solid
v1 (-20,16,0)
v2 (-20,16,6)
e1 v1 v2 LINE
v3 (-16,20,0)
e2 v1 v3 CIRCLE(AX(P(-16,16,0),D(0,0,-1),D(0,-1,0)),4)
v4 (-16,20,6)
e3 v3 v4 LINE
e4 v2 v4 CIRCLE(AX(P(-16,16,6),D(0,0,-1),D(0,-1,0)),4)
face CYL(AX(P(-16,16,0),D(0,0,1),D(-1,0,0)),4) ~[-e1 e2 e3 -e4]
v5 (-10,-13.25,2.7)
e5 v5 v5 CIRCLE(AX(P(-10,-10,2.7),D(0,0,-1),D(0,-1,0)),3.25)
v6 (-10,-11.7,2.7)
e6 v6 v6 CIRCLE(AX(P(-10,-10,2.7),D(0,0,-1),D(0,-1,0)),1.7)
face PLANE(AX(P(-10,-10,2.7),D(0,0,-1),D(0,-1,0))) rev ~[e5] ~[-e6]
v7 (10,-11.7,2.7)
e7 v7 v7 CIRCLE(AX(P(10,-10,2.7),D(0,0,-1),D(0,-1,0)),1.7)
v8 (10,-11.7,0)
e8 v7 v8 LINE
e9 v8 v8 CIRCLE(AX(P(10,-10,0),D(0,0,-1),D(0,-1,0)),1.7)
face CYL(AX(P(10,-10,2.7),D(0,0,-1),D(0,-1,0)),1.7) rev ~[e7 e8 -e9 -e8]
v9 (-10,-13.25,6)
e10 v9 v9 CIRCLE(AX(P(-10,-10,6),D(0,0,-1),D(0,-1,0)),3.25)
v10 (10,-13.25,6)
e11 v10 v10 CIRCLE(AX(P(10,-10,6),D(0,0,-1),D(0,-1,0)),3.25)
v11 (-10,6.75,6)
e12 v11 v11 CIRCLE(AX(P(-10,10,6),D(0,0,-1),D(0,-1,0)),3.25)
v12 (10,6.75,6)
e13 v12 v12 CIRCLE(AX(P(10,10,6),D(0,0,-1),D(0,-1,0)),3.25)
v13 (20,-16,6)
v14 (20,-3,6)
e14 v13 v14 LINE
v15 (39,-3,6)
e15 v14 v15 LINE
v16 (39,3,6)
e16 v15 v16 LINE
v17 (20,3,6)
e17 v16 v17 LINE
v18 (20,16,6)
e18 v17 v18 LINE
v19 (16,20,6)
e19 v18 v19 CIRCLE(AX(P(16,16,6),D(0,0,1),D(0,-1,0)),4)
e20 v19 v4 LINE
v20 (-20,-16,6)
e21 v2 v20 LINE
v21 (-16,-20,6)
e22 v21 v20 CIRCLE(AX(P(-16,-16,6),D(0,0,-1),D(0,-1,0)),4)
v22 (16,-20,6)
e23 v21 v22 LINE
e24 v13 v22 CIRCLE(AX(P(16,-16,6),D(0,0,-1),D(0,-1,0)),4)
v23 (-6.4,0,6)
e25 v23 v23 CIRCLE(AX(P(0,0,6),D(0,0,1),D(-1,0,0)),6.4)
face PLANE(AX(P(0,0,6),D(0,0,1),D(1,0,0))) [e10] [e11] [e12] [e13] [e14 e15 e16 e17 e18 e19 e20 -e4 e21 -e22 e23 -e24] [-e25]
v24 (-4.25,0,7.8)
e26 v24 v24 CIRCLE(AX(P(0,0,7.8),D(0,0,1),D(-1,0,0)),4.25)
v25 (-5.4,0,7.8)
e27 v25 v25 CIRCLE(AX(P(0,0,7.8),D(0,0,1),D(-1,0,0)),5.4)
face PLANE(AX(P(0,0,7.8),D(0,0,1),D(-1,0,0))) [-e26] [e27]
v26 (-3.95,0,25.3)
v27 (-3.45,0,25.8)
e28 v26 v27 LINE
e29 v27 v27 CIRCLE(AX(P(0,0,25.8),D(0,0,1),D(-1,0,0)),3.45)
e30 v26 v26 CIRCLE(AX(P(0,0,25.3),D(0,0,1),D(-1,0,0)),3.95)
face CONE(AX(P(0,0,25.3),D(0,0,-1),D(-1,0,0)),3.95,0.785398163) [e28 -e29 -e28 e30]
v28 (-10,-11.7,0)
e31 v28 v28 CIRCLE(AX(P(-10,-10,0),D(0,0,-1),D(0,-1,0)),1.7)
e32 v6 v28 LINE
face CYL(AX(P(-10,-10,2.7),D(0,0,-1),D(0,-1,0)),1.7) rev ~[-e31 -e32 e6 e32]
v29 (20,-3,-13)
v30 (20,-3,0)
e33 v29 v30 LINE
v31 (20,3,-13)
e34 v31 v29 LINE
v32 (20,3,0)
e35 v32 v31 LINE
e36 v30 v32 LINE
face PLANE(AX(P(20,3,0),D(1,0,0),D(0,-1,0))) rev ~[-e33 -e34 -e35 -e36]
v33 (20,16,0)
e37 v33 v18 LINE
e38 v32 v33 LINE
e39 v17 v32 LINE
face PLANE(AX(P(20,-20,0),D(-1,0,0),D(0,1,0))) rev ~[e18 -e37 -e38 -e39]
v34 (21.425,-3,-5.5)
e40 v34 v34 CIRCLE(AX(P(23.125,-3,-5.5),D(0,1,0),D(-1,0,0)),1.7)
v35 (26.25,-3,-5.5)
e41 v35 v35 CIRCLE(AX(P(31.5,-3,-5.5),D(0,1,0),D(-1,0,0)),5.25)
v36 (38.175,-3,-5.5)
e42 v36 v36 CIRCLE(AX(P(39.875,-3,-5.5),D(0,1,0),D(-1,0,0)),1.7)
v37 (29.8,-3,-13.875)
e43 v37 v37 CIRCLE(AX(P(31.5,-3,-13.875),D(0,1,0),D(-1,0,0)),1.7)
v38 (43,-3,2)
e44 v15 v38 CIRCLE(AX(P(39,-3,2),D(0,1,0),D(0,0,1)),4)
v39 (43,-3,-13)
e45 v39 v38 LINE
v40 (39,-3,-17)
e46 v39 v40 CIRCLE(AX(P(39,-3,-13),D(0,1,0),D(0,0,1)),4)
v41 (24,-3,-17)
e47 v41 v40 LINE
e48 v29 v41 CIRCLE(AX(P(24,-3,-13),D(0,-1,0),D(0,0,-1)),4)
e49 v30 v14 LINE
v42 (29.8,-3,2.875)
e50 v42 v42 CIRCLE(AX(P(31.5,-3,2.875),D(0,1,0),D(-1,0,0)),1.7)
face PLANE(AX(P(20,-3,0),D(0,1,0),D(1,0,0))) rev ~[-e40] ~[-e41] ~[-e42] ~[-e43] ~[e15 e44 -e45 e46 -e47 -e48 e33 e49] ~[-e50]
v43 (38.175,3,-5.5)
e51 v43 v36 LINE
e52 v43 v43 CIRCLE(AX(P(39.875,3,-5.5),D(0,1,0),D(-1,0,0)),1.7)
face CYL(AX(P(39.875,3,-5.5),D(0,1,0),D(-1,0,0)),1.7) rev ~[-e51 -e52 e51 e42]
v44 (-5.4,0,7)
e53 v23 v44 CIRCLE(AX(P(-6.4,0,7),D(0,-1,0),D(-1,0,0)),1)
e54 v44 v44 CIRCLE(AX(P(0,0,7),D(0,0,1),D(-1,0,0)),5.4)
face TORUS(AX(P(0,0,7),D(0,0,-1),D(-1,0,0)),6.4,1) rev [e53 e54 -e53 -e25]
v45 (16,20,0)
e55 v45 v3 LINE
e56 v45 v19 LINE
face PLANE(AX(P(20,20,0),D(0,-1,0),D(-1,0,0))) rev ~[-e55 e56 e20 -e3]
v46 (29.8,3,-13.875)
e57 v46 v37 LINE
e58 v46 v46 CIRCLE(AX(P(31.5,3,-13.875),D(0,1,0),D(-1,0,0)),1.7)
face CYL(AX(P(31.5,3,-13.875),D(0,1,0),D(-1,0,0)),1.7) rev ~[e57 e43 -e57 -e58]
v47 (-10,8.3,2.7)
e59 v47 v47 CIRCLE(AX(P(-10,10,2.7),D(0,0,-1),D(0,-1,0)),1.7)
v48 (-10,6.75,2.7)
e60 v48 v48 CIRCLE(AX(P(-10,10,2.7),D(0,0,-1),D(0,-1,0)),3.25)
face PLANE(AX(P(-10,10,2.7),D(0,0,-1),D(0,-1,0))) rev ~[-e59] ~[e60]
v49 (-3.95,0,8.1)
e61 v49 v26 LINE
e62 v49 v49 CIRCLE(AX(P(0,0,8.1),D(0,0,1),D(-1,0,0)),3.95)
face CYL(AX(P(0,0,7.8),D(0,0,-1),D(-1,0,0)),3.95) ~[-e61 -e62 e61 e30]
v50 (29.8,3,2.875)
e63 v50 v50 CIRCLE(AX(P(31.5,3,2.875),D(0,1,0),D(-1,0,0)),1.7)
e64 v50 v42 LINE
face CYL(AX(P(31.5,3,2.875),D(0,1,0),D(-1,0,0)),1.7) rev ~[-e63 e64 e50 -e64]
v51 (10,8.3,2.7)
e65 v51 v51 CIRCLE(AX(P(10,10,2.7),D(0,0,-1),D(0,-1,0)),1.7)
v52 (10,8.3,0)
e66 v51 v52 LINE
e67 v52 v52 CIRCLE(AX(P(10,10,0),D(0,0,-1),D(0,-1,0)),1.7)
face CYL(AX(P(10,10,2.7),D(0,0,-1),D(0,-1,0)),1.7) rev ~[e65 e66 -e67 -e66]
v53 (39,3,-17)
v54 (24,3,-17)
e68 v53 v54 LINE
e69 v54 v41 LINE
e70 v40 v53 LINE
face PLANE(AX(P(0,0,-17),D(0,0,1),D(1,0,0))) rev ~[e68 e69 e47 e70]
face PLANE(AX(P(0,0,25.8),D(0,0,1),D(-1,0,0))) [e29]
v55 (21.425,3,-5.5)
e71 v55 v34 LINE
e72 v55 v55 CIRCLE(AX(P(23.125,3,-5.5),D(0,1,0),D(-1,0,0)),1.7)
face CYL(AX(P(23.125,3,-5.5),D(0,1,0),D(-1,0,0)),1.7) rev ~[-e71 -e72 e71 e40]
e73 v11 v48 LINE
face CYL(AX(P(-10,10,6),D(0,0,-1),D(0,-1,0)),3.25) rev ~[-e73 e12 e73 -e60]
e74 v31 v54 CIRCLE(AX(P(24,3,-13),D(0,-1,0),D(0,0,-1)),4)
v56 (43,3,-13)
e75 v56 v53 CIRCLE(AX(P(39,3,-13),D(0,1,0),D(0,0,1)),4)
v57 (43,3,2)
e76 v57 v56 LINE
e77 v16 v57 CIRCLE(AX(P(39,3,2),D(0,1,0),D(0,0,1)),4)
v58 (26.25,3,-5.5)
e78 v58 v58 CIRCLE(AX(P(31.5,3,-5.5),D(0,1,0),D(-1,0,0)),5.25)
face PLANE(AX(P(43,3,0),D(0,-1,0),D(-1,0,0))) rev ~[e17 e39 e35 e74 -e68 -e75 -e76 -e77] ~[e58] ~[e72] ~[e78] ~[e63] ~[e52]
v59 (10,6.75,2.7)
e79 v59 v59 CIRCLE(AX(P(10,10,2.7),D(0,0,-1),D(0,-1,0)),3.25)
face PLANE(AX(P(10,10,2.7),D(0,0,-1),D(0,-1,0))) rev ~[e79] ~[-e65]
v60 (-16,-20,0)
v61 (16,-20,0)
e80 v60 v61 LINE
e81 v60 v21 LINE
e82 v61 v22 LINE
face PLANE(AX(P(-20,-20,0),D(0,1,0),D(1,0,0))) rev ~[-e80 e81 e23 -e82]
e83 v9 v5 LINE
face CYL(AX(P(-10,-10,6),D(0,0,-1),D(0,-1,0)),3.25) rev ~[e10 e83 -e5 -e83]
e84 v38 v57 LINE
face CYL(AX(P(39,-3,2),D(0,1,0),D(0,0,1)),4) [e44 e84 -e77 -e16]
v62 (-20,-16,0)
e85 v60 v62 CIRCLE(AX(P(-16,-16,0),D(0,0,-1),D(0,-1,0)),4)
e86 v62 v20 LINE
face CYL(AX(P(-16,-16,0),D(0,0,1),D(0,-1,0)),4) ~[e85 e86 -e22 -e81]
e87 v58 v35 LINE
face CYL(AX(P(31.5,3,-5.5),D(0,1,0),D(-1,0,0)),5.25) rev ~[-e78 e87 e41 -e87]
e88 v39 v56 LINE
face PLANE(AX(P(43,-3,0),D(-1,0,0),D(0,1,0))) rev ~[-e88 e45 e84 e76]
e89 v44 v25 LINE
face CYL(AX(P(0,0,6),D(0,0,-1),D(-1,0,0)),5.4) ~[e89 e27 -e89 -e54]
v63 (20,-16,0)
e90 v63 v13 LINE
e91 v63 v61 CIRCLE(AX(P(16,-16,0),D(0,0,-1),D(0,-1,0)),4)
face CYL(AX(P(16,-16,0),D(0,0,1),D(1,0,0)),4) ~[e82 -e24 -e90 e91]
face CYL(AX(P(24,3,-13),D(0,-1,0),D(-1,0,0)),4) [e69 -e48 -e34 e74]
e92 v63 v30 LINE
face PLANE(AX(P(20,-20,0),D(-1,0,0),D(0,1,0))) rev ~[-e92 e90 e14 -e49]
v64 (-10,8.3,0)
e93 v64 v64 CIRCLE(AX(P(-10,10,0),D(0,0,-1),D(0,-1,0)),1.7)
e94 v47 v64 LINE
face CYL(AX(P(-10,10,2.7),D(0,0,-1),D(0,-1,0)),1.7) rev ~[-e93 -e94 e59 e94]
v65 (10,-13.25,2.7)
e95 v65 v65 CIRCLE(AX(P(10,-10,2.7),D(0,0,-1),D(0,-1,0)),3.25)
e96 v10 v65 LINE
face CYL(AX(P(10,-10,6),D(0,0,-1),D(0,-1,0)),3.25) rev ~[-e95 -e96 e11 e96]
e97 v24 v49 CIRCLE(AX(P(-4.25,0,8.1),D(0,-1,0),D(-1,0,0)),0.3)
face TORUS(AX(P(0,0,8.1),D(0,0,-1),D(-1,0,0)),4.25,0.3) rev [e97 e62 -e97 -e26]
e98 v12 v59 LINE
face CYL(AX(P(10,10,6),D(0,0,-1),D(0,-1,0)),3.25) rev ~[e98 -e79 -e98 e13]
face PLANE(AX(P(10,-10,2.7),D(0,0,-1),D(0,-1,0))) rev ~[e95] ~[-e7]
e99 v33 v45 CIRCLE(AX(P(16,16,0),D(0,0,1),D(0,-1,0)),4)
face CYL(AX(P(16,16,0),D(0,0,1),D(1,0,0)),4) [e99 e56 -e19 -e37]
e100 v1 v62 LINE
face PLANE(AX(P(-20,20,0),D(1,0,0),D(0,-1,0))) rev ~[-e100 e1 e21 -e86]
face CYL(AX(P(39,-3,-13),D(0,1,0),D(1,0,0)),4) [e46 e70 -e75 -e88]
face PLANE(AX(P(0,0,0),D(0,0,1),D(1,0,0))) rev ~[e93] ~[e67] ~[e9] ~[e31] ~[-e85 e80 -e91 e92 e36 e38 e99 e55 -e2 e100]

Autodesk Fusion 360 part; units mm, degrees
sketch "草图1" plane through (0, 0, 0) normal (0, 0, 1) x (1, 0, 0)
  line L0 (20, 20) -> (-20, 20)
  line L1 (-20, 20) -> (-20, -20)
  line L2 (-20, -20) -> (20, -20)
  line L3 (20, -20) -> (20, 20)
  line L4 (20, 20) -> (-20, -20) construction
  line L5 (-20, 20) -> (20, -20) construction
  dimension "d25" = 40
  dimension "d26" = 40
extrude "拉伸1" add sketch "草图1" along normal blind 6
fillet "圆角1" radius 4 4 edges at (-20, -20, 3) (20, -20, 3) (20, 20, 3) (-20, 20, 3)
sketch "草图2" plane through (0, 0, 6) normal (0, 0, 1) x (-1, 0, 0)
  arc A0 (16, -20) -> (20, -16) centre (16, -16) ccw
  line L0 (20, -16) -> (20, 16)
  arc A1 (20, 16) -> (16, 20) centre (16, 16) ccw
  line L1 (16, 20) -> (-16, 20)
  arc A2 (-16, 20) -> (-20, 16) centre (-16, 16) ccw
  line L2 (-20, 16) -> (-20, -16)
  arc A3 (-20, -16) -> (-16, -20) centre (-16, -16) ccw
  line L3 (-16, -20) -> (16, -20)
  point P0 (-10, -10)
  dimension "d31" = 10
  dimension "d32" = 10
hole "孔1" at (10, 10, 6) direction (0, 0, -1) diameter 3.4 depth 15 tip angle 118 counterbore diameter 6.5 counterbore depth 3.3
pattern_linear "R-阵列1" count 2 spacing 20 along (-1, 0, 0) count 2 spacing 20 along (0, -1, 0) of "孔1"
sketch "草图3" plane through (0, 0, 6) normal (0, 0, 1) x (-1, 0, 0)
  circle A0 centre (10, 10) radius 3.25
  circle A1 centre (-10, 10) radius 3.25
  circle A2 centre (10, -10) radius 3.25
  circle A3 centre (-10, -10) radius 3.25
  arc A4 (16, -20) -> (20, -16) centre (16, -16) ccw
  line L0 (20, -16) -> (20, 16)
  arc A5 (20, 16) -> (16, 20) centre (16, 16) ccw
  line L1 (16, 20) -> (-16, 20)
  arc A6 (-16, 20) -> (-20, 16) centre (-16, 16) ccw
  line L2 (-20, 16) -> (-20, -16)
  arc A7 (-20, -16) -> (-16, -20) centre (-16, -16) ccw
  line L3 (-16, -20) -> (16, -20)
  circle A8 centre (0, 0) radius 5.4
  dimension "d42" = 10.8
extrude "拉伸2" add sketch "草图3" along normal blind 1.8 contours A8
fillet "圆角2" radius 1 1 edges at (5.0346, -1.9527, 6)
sketch "草图4" plane through (0, 0, 7.8) normal (0, 0, 1) x (-1, 0, 0)
  circle A0 centre (0, 0) radius 5.4
  circle A1 centre (0, 0) radius 3.95
  dimension "d47" = 7.9
extrude "拉伸3" add sketch "草图4" along normal blind 18 contours A1
fillet "圆角3" radius 0.3 1 edges at (3.6827, -1.4284, 7.8)
chamfer "倒角1" distance 0.5 angle 45 1 edges at (3.6827, 1.4284, 25.8)
sketch "草图5" plane through (0, 0, 0) normal (0, 1, 0) x (1, 0, 0)
sketch "草图6" plane through (0, 0, 0) normal (0, 0, 1) x (1, 0, 0)
  line L0 (20, -3) -> (43, -3)
  line L1 (43, -3) -> (43, 3)
  line L2 (43, 3) -> (20, 3)
  line L3 (20, 3) -> (20, -3)
extrude "拉伸4" add sketch "草图6" along normal blind 6 and the other way blind 17
sketch "草图7" plane through (0, 3, 0) normal (0, 1, 0) x (-1, 0, 0)
  line L0 (-20, 0) -> (-20, 6)
  line L1 (-20, 6) -> (-43, 6)
  line L2 (-43, 6) -> (-43, -17)
  line L3 (-43, -17) -> (-20, -17)
  line L4 (-20, -17) -> (-20, 0)
  circle A0 centre (-31.5, -5.5) radius 5.25
  line L5 (0, 20) -> (0, 2.5)
  dimension "d57" = 10.5
  dimension "d58" = 31.5
  dimension "d59" = 11.5
extrude "拉伸5" cut sketch "草图7" against normal blind 6 contours A0
sketch "草图8" plane through (0, 3, 0) normal (0, 1, 0) x (-1, 0, 0)
  circle A0 centre (-31.5, -5.5) radius 5.25
  line L0 (-20, 0) -> (-20, 6)
  line L1 (-20, 6) -> (-43, 6)
  line L2 (-43, 6) -> (-43, -17)
  line L3 (-43, -17) -> (-20, -17)
  line L4 (-20, -17) -> (-20, 0)
  circle A1 centre (-31.5, 2.875) radius 1.7
  circle A2 centre (-31.5, -13.875) radius 1.7
  circle A3 centre (-39.875, -5.5) radius 1.7
  circle A4 centre (-23.125, -5.5) radius 1.7
  dimension "d62" = 3.4
  dimension "d64" = 3.125
  dimension "d67" = 11.5
  dimension "d68" = 3.4
  dimension "d69" = 3.125
  dimension "d70" = 11.5
  dimension "d71" = 3.4
  dimension "d72" = 3.4
  dimension "d73" = 3.125
  dimension "d74" = 3.125
  dimension "d75" = 11.5
  dimension "d76" = 11.5
extrude "拉伸7" cut sketch "草图8" against normal blind 6 contours A1 | A2 | A3 | A4
fillet "圆角4" radius 4 3 edges at (43, 0, 6) (43, 0, -17) (20, 0, -17)
equation "Base_Length = 40 mm" comment "Base length"
equation "Base_Width = 40 mm" comment "Base width"
equation "Base_Thickness = 6 mm" comment "Base thickness"
equation "Base_Corner_Radius = 4 mm" comment "Base corner radius"
equation "Hole_Pitch_X = 20 mm" comment "M3 hole pitch X"
equation "Hole_Pitch_Y = 20 mm" comment "M3 hole pitch Y"
equation "M3_Clearance_Diameter = 3.4 mm" comment "M3 clearance hole diameter"
equation "Counterbore_Diameter = 6.5 mm" comment "M3 socket-head counterbore diameter"
equation "Counterbore_Depth = 3.3 mm" comment "M3 counterbore depth"
equation "Shaft_Diameter = 7.9 mm" comment "Vertical printed shaft diameter"
equation "Shoulder_Diameter = 10.8 mm" comment "Bearing inner-ring support shoulder diameter"
equation "Shoulder_Height = 1.8 mm" comment "Bearing shoulder height"
equation "Shaft_Height = 18 mm" comment "Shaft height above shoulder"
equation "Shoulder_Base_Fillet = 1 mm" comment "Fillet between shoulder and base"
equation "Shaft_Shoulder_Fillet = 0.3 mm" comment "Small fillet between shaft and shoulder"
equation "Shaft_Top_Chamfer = 0.5 mm" comment "Shaft top lead-in chamfer"
equation "Bearing_Width = 7 mm" comment "608 bearing width"
equation "Bearing_Stack_Width = Bearing_Width * 2" comment "Two 608 bearings total width"
equation "Top_Retention_Hole_Diameter = 2.2 mm" comment "Transverse retention hole diameter"
equation "Top_Retention_Hole_Height = 15.5 mm" comment "Hole center height above shoulder"
equation "Axial_Clearance_Target = 0.6 mm" comment "Target axial play under retention pin"
equation "Bearing_ID = 8 mm" comment "608 bearing nominal inner diameter"
equation "Bearing_OD = 22 mm" comment "608 bearing nominal outer diameter"
equation "Wheel_Base_Clearance_Target = 1.5 mm" comment "Target wheel-to-base clearance"
equation "d25 = Base_Length"
equation "d26 = Base_Width"
equation "d27 = Base_Thickness"
equation "d30 = Base_Corner_Radius"
equation "d31 = ( Base_Length - Hole_Pitch_X ) / 2"
equation "d32 = ( Base_Width - Hole_Pitch_Y ) / 2"
equation "d34 = M3_Clearance_Diameter"
equation "d36 = Counterbore_Depth"
equation "d37 = Counterbore_Diameter"
equation "d40 = Hole_Pitch_X"
equation "d41 = Hole_Pitch_Y"
equation "d42 = Shoulder_Diameter"
equation "d43 = Shoulder_Height"
equation "d46 = Shoulder_Base_Fillet"
equation "d47 = Shaft_Diameter"
equation "d48 = Shaft_Height"
equation "d51 = Shaft_Shoulder_Fillet"
equation "d52 = Shaft_Top_Chamfer"
equation "d58 = ( 23 / 2 ) * 1 mm + 20 mm"
equation "d59 = ( 23 / 2 ) * 1 mm"
equation "d64 = ( ( 23 / 2 - 10.5 / 2 ) / 2 ) * 1 mm"
equation "d67 = ( 23 / 2 ) * 1 mm"
equation "d80 = Base_Corner_Radius"
